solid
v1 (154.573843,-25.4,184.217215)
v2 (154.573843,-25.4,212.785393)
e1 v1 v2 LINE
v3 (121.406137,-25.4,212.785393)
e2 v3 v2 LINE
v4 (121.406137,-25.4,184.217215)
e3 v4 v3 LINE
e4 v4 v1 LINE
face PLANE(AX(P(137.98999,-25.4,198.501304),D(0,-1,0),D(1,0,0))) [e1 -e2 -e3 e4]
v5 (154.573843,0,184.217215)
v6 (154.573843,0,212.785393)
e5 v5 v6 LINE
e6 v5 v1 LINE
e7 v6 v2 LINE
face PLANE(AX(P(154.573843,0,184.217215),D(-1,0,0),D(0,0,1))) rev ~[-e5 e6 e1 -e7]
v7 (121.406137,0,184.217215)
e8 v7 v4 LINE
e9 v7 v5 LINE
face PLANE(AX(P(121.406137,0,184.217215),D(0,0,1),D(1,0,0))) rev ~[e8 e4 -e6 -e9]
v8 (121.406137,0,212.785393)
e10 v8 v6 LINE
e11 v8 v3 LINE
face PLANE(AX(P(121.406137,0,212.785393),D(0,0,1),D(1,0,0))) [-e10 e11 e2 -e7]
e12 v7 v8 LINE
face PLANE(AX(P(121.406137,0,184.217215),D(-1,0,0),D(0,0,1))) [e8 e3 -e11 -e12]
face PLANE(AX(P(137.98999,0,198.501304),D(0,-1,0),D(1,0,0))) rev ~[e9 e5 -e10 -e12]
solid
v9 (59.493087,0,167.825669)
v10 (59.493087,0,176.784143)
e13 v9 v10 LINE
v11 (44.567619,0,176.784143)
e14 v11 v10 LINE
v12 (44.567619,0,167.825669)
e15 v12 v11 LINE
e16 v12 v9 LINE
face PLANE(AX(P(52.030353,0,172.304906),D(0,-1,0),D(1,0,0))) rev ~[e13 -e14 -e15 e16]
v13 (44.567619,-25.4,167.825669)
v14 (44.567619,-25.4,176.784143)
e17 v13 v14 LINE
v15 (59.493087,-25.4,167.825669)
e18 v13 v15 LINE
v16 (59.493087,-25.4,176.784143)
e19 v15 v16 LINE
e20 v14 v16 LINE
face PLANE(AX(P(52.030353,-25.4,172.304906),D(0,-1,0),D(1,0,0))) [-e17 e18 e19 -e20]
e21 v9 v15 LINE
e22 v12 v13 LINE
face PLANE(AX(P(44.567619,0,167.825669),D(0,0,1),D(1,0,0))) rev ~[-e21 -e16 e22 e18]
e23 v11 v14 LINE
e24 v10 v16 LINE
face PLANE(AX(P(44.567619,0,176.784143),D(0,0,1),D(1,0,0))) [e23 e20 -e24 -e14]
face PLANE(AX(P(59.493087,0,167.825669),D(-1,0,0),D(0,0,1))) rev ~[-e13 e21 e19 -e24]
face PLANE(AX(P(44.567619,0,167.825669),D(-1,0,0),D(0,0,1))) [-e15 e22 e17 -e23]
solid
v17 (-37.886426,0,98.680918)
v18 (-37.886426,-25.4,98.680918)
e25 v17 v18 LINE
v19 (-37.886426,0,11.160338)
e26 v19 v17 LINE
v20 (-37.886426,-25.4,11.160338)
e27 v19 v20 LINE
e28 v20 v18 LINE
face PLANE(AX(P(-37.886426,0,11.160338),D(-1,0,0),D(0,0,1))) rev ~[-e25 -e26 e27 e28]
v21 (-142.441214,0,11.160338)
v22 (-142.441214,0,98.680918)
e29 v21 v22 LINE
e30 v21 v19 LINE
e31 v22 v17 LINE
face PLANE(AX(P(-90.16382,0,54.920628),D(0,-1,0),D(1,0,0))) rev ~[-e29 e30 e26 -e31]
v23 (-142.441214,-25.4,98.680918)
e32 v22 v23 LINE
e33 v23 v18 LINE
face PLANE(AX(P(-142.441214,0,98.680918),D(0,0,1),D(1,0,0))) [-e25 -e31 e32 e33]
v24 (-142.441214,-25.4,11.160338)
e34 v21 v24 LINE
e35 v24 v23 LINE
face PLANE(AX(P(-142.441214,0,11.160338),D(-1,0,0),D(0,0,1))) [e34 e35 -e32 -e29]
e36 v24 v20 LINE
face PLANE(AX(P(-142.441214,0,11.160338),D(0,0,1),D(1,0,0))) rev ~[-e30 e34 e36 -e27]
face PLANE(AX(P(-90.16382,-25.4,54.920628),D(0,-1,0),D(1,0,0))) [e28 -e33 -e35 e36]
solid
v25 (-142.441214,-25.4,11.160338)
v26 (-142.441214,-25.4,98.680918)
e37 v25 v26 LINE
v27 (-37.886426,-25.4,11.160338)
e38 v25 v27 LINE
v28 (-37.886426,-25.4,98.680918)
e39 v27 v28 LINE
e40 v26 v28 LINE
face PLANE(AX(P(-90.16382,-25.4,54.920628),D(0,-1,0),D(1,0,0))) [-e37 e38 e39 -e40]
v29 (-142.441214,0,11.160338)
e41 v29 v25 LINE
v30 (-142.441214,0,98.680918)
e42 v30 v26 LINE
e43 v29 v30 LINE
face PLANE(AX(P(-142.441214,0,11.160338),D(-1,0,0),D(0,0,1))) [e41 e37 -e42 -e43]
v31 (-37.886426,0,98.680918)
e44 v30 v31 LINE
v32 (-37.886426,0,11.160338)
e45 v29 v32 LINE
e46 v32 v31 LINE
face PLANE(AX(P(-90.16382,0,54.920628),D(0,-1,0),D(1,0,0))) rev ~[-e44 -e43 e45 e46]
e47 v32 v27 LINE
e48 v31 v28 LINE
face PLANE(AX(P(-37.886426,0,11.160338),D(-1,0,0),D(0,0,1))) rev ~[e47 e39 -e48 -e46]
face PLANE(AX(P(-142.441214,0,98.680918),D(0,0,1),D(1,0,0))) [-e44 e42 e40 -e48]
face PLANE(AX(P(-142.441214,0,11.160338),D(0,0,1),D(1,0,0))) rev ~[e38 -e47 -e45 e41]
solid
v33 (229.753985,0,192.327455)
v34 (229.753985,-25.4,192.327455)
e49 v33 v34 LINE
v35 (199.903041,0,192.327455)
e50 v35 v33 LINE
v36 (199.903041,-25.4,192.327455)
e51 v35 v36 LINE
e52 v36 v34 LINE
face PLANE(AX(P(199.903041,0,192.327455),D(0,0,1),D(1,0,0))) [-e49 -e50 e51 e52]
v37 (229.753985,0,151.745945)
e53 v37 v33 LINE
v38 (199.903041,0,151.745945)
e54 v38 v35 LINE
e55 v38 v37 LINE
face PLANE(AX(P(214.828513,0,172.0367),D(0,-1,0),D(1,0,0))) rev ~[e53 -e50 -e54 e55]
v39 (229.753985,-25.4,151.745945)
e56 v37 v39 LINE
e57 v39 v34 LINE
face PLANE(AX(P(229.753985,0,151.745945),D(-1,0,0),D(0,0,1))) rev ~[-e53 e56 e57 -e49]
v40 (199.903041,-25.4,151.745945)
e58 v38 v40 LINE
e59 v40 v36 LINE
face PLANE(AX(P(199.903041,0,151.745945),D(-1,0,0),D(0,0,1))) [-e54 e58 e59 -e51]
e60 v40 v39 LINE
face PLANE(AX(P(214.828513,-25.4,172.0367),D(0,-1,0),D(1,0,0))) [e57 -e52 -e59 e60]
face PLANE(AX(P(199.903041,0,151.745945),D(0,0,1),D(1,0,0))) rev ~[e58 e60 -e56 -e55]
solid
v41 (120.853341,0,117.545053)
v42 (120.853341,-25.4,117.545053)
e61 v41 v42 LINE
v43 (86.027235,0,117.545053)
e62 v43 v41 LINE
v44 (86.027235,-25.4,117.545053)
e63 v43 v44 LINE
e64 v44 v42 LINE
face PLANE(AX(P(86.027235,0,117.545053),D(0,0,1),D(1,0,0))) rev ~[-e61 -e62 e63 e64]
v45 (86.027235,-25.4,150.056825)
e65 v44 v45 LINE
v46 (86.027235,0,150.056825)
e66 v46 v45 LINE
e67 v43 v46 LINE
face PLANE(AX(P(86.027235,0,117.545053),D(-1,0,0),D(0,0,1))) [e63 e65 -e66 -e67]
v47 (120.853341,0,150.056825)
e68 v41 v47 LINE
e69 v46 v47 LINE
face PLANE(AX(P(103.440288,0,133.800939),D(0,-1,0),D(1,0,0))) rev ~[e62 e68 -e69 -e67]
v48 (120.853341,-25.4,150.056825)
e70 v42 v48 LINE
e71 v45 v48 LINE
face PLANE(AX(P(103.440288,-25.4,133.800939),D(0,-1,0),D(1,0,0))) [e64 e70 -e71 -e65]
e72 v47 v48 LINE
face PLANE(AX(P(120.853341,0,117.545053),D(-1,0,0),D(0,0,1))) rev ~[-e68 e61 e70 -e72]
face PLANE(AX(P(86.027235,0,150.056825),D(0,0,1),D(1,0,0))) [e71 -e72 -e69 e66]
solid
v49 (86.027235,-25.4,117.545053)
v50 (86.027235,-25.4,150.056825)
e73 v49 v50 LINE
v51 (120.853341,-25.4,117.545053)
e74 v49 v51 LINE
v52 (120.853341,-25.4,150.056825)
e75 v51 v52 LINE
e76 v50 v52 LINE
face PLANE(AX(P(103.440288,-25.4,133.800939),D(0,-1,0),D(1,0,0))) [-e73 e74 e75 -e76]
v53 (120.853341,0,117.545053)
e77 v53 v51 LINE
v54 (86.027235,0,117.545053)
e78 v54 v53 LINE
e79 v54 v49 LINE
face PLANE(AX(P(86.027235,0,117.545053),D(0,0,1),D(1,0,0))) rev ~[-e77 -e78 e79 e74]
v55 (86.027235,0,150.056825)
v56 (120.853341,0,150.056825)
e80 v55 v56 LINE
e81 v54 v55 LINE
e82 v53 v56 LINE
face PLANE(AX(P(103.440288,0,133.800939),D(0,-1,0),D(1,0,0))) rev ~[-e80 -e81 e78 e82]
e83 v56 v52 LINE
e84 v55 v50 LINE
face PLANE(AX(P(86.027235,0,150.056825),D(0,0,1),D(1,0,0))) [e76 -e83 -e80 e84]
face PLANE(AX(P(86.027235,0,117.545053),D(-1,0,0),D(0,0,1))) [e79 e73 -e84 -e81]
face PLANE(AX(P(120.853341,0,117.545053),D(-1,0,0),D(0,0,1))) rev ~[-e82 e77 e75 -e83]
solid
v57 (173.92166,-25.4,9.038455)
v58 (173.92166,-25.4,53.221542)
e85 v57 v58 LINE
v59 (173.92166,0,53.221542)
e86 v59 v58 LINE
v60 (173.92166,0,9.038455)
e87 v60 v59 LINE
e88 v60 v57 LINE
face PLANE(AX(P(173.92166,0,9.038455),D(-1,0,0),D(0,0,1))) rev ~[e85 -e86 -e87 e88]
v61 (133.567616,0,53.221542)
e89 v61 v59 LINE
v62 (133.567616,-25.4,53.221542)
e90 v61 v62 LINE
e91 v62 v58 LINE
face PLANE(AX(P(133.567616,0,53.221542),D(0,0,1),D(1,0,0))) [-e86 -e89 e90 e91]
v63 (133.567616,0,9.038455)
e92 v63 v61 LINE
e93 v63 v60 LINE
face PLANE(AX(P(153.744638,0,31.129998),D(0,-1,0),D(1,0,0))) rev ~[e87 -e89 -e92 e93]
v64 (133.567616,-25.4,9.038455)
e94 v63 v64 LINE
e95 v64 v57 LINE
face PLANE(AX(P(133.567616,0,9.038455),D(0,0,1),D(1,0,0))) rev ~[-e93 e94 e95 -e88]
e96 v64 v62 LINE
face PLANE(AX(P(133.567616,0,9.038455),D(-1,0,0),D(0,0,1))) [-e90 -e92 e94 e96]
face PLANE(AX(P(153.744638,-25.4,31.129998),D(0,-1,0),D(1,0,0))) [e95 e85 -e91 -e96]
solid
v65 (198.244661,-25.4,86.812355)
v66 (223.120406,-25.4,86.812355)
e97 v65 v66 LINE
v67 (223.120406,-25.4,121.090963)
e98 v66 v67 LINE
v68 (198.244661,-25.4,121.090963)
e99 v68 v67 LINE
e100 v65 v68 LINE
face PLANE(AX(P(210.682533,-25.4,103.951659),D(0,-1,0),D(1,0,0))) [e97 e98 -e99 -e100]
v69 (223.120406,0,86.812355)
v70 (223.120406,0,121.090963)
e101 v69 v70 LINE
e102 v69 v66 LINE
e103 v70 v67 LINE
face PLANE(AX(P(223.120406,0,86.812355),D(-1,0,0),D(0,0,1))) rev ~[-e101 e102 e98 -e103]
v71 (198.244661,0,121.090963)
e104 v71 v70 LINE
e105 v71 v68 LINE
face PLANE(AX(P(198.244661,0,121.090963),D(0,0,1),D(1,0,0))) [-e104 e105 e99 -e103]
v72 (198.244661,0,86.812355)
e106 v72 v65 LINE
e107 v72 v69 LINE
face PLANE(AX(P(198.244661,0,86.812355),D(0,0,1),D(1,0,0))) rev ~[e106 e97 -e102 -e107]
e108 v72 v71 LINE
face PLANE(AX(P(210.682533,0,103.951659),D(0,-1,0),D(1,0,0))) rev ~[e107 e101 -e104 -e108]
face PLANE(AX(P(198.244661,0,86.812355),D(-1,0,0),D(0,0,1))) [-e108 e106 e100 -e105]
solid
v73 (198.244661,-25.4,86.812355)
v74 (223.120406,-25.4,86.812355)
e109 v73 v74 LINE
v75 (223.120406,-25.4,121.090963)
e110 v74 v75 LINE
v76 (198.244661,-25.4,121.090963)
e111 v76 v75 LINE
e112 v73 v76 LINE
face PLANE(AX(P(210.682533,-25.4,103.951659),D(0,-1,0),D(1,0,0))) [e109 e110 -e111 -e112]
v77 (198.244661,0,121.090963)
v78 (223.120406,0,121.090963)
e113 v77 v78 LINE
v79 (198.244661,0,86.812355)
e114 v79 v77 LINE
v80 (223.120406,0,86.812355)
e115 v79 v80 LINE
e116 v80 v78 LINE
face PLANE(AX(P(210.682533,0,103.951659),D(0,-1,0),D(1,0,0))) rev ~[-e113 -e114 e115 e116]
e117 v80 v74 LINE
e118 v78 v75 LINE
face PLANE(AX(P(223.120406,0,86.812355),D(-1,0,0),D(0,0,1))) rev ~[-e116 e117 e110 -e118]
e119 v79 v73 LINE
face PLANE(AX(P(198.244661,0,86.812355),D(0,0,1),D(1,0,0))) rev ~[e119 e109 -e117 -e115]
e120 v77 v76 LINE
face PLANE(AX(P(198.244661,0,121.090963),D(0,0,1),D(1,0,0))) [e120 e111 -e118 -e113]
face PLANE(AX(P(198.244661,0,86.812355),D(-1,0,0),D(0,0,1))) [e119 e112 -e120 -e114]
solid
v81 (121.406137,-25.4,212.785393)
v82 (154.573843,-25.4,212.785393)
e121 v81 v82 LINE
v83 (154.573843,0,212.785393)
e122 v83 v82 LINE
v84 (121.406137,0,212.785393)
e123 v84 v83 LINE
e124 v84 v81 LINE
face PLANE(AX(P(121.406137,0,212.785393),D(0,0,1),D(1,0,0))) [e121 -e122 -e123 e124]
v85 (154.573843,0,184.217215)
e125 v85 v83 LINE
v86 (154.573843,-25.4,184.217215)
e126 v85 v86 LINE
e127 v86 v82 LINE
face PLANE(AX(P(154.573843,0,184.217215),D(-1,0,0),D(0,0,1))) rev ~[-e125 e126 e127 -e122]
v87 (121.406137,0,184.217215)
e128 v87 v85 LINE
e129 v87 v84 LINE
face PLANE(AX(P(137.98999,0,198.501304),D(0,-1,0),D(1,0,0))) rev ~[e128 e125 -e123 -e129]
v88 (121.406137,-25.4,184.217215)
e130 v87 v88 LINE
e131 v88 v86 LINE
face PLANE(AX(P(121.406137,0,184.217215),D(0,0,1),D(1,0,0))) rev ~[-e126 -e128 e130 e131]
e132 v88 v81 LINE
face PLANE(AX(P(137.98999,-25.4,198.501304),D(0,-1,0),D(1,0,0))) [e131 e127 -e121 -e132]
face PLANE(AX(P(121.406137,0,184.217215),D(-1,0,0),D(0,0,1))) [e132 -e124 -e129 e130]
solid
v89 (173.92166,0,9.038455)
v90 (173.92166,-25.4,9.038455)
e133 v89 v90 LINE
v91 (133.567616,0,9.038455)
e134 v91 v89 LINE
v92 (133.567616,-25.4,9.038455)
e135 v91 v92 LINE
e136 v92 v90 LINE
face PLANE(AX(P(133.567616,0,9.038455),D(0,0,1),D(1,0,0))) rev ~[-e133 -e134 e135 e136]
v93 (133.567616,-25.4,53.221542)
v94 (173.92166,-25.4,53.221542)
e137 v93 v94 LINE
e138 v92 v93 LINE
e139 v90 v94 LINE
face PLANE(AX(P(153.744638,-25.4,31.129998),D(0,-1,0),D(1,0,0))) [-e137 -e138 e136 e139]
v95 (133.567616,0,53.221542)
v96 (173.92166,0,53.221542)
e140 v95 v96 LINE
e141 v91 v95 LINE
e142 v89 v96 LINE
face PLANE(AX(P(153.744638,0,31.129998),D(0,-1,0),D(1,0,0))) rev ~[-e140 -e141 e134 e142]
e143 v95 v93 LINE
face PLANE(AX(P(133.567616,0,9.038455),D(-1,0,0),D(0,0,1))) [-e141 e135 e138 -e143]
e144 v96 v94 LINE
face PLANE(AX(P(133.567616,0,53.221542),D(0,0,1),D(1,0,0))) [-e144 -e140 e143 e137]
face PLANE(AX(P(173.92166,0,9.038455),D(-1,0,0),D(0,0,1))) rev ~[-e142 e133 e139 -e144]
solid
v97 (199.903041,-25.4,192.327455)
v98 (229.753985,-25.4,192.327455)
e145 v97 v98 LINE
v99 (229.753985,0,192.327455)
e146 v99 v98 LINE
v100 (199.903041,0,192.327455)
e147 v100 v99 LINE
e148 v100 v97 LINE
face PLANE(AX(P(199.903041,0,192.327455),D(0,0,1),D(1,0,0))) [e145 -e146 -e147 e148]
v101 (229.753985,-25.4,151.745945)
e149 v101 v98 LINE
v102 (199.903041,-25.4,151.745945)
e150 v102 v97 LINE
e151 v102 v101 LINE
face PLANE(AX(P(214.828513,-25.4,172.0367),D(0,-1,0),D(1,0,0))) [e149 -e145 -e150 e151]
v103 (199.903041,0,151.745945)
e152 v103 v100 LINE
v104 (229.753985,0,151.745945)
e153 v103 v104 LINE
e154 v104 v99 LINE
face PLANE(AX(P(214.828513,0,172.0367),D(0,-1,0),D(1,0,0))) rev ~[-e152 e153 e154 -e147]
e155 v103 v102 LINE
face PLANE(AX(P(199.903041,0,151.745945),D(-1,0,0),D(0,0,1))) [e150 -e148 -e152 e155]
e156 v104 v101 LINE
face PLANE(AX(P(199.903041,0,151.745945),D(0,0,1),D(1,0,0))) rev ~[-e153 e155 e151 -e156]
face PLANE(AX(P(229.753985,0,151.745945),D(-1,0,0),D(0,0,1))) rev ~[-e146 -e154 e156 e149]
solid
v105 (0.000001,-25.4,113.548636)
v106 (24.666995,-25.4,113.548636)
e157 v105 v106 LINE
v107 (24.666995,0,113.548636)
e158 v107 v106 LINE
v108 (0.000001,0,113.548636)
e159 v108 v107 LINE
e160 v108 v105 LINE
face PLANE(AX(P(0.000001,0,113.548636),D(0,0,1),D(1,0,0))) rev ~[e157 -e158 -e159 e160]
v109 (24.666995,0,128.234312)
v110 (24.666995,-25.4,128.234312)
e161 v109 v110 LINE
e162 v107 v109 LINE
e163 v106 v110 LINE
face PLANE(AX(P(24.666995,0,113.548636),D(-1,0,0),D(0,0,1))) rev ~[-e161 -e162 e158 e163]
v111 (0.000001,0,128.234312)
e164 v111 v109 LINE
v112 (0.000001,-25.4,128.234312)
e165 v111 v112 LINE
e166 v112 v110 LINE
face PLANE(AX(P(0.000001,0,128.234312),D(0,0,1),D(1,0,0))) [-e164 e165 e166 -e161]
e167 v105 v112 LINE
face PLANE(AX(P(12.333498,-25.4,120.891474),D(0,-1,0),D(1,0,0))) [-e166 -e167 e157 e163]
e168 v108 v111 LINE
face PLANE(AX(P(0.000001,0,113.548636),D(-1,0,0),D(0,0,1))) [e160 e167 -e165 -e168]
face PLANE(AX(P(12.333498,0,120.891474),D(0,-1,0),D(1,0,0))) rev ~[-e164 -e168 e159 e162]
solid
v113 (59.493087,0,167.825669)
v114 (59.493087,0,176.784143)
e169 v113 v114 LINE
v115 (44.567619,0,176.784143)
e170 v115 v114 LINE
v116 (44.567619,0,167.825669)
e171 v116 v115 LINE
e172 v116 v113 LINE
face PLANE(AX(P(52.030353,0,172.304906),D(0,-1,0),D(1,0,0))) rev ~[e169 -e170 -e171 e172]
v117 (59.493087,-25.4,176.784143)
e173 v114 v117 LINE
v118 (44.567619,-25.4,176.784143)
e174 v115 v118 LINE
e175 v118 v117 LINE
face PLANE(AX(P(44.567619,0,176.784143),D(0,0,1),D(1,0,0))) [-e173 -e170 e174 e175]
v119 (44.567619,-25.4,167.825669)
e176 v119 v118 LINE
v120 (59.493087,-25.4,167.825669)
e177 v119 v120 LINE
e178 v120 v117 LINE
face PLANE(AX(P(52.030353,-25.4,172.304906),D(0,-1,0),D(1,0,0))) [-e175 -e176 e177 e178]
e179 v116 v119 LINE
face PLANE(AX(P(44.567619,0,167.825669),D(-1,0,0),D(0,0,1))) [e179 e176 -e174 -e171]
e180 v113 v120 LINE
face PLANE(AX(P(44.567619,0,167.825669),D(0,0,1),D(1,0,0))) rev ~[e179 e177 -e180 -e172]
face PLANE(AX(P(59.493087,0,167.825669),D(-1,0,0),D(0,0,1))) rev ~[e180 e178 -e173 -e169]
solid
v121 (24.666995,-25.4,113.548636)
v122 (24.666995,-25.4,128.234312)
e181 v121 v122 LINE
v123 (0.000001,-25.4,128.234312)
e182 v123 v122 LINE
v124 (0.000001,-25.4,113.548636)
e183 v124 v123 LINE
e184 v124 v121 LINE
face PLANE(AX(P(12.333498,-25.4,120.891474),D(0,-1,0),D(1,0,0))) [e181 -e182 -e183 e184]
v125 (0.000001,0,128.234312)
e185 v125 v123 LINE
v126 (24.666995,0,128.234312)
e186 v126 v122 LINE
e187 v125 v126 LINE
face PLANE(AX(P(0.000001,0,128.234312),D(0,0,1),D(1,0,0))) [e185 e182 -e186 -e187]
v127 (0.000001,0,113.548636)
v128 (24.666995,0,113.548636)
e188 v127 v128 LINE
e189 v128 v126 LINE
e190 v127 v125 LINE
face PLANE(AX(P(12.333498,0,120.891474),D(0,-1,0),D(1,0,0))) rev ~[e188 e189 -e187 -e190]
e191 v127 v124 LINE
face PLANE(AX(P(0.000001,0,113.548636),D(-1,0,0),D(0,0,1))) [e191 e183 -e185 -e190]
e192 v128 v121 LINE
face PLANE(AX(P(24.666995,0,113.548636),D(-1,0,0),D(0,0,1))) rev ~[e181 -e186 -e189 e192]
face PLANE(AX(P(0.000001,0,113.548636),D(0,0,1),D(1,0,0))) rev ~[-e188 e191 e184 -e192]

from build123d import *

# Parameters (mm, degrees)
F0_W     = 104.554787
F0_H     = 87.520579
F0_W_2   = 24.666995
F0_H_2   = 14.685676
F0_W_3   = 34.826107
F0_H_3   = 32.511771
F0_W_4   = 14.925468
F0_H_4   = 8.958474
F0_W_5   = 33.167705
F0_H_5   = 28.568178
F0_W_6   = 29.850945
F0_H_6   = 40.58151
F0_W_7   = 24.875745
F0_H_7   = 34.278608
F0_W_8   = 40.354044
F0_H_8   = 44.183087
F1_DEPTH = 25.4
F2_DEPTH = 25.4


with BuildPart() as f1:
    # F0 (on Front) → F1 (new body)
    with BuildSketch(Plane.XZ):
        with Locations((-90.16382, 54.920628)):
            Rectangle(F0_W, F0_H)
        with Locations((12.333498, 120.891474)):
            Rectangle(F0_W_2, F0_H_2)
        with Locations((103.440288, 133.800939)):
            Rectangle(F0_W_3, F0_H_3)
        with Locations((52.030353, 172.304906)):
            Rectangle(F0_W_4, F0_H_4)
        with Locations((137.98999, 198.501304)):
            Rectangle(F0_W_5, F0_H_5)
        with Locations((214.828513, 172.0367)):
            Rectangle(F0_W_6, F0_H_6)
        with Locations((210.682533, 103.951659)):
            Rectangle(F0_W_7, F0_H_7)
        with Locations((153.744638, 31.129998)):
            Rectangle(F0_W_8, F0_H_8)
    extrude(amount=F1_DEPTH)


with BuildPart() as f2:
    # F0 (on Front) → F2 (new body)
    with BuildSketch(Plane.XZ):
        with Locations((-90.16382, 54.920628)):
            Rectangle(F0_W, F0_H)
        with Locations((12.333498, 120.891474)):
            Rectangle(F0_W_2, F0_H_2)
        with Locations((103.440288, 133.800939)):
            Rectangle(F0_W_3, F0_H_3)
        with Locations((52.030353, 172.304906)):
            Rectangle(F0_W_4, F0_H_4)
        with Locations((137.98999, 198.501304)):
            Rectangle(F0_W_5, F0_H_5)
        with Locations((214.828513, 172.0367)):
            Rectangle(F0_W_6, F0_H_6)
        with Locations((210.682533, 103.951659)):
            Rectangle(F0_W_7, F0_H_7)
        with Locations((153.744638, 31.129998)):
            Rectangle(F0_W_8, F0_H_8)
    extrude(amount=F2_DEPTH)


solid = Compound([f1.part, f2.part])
